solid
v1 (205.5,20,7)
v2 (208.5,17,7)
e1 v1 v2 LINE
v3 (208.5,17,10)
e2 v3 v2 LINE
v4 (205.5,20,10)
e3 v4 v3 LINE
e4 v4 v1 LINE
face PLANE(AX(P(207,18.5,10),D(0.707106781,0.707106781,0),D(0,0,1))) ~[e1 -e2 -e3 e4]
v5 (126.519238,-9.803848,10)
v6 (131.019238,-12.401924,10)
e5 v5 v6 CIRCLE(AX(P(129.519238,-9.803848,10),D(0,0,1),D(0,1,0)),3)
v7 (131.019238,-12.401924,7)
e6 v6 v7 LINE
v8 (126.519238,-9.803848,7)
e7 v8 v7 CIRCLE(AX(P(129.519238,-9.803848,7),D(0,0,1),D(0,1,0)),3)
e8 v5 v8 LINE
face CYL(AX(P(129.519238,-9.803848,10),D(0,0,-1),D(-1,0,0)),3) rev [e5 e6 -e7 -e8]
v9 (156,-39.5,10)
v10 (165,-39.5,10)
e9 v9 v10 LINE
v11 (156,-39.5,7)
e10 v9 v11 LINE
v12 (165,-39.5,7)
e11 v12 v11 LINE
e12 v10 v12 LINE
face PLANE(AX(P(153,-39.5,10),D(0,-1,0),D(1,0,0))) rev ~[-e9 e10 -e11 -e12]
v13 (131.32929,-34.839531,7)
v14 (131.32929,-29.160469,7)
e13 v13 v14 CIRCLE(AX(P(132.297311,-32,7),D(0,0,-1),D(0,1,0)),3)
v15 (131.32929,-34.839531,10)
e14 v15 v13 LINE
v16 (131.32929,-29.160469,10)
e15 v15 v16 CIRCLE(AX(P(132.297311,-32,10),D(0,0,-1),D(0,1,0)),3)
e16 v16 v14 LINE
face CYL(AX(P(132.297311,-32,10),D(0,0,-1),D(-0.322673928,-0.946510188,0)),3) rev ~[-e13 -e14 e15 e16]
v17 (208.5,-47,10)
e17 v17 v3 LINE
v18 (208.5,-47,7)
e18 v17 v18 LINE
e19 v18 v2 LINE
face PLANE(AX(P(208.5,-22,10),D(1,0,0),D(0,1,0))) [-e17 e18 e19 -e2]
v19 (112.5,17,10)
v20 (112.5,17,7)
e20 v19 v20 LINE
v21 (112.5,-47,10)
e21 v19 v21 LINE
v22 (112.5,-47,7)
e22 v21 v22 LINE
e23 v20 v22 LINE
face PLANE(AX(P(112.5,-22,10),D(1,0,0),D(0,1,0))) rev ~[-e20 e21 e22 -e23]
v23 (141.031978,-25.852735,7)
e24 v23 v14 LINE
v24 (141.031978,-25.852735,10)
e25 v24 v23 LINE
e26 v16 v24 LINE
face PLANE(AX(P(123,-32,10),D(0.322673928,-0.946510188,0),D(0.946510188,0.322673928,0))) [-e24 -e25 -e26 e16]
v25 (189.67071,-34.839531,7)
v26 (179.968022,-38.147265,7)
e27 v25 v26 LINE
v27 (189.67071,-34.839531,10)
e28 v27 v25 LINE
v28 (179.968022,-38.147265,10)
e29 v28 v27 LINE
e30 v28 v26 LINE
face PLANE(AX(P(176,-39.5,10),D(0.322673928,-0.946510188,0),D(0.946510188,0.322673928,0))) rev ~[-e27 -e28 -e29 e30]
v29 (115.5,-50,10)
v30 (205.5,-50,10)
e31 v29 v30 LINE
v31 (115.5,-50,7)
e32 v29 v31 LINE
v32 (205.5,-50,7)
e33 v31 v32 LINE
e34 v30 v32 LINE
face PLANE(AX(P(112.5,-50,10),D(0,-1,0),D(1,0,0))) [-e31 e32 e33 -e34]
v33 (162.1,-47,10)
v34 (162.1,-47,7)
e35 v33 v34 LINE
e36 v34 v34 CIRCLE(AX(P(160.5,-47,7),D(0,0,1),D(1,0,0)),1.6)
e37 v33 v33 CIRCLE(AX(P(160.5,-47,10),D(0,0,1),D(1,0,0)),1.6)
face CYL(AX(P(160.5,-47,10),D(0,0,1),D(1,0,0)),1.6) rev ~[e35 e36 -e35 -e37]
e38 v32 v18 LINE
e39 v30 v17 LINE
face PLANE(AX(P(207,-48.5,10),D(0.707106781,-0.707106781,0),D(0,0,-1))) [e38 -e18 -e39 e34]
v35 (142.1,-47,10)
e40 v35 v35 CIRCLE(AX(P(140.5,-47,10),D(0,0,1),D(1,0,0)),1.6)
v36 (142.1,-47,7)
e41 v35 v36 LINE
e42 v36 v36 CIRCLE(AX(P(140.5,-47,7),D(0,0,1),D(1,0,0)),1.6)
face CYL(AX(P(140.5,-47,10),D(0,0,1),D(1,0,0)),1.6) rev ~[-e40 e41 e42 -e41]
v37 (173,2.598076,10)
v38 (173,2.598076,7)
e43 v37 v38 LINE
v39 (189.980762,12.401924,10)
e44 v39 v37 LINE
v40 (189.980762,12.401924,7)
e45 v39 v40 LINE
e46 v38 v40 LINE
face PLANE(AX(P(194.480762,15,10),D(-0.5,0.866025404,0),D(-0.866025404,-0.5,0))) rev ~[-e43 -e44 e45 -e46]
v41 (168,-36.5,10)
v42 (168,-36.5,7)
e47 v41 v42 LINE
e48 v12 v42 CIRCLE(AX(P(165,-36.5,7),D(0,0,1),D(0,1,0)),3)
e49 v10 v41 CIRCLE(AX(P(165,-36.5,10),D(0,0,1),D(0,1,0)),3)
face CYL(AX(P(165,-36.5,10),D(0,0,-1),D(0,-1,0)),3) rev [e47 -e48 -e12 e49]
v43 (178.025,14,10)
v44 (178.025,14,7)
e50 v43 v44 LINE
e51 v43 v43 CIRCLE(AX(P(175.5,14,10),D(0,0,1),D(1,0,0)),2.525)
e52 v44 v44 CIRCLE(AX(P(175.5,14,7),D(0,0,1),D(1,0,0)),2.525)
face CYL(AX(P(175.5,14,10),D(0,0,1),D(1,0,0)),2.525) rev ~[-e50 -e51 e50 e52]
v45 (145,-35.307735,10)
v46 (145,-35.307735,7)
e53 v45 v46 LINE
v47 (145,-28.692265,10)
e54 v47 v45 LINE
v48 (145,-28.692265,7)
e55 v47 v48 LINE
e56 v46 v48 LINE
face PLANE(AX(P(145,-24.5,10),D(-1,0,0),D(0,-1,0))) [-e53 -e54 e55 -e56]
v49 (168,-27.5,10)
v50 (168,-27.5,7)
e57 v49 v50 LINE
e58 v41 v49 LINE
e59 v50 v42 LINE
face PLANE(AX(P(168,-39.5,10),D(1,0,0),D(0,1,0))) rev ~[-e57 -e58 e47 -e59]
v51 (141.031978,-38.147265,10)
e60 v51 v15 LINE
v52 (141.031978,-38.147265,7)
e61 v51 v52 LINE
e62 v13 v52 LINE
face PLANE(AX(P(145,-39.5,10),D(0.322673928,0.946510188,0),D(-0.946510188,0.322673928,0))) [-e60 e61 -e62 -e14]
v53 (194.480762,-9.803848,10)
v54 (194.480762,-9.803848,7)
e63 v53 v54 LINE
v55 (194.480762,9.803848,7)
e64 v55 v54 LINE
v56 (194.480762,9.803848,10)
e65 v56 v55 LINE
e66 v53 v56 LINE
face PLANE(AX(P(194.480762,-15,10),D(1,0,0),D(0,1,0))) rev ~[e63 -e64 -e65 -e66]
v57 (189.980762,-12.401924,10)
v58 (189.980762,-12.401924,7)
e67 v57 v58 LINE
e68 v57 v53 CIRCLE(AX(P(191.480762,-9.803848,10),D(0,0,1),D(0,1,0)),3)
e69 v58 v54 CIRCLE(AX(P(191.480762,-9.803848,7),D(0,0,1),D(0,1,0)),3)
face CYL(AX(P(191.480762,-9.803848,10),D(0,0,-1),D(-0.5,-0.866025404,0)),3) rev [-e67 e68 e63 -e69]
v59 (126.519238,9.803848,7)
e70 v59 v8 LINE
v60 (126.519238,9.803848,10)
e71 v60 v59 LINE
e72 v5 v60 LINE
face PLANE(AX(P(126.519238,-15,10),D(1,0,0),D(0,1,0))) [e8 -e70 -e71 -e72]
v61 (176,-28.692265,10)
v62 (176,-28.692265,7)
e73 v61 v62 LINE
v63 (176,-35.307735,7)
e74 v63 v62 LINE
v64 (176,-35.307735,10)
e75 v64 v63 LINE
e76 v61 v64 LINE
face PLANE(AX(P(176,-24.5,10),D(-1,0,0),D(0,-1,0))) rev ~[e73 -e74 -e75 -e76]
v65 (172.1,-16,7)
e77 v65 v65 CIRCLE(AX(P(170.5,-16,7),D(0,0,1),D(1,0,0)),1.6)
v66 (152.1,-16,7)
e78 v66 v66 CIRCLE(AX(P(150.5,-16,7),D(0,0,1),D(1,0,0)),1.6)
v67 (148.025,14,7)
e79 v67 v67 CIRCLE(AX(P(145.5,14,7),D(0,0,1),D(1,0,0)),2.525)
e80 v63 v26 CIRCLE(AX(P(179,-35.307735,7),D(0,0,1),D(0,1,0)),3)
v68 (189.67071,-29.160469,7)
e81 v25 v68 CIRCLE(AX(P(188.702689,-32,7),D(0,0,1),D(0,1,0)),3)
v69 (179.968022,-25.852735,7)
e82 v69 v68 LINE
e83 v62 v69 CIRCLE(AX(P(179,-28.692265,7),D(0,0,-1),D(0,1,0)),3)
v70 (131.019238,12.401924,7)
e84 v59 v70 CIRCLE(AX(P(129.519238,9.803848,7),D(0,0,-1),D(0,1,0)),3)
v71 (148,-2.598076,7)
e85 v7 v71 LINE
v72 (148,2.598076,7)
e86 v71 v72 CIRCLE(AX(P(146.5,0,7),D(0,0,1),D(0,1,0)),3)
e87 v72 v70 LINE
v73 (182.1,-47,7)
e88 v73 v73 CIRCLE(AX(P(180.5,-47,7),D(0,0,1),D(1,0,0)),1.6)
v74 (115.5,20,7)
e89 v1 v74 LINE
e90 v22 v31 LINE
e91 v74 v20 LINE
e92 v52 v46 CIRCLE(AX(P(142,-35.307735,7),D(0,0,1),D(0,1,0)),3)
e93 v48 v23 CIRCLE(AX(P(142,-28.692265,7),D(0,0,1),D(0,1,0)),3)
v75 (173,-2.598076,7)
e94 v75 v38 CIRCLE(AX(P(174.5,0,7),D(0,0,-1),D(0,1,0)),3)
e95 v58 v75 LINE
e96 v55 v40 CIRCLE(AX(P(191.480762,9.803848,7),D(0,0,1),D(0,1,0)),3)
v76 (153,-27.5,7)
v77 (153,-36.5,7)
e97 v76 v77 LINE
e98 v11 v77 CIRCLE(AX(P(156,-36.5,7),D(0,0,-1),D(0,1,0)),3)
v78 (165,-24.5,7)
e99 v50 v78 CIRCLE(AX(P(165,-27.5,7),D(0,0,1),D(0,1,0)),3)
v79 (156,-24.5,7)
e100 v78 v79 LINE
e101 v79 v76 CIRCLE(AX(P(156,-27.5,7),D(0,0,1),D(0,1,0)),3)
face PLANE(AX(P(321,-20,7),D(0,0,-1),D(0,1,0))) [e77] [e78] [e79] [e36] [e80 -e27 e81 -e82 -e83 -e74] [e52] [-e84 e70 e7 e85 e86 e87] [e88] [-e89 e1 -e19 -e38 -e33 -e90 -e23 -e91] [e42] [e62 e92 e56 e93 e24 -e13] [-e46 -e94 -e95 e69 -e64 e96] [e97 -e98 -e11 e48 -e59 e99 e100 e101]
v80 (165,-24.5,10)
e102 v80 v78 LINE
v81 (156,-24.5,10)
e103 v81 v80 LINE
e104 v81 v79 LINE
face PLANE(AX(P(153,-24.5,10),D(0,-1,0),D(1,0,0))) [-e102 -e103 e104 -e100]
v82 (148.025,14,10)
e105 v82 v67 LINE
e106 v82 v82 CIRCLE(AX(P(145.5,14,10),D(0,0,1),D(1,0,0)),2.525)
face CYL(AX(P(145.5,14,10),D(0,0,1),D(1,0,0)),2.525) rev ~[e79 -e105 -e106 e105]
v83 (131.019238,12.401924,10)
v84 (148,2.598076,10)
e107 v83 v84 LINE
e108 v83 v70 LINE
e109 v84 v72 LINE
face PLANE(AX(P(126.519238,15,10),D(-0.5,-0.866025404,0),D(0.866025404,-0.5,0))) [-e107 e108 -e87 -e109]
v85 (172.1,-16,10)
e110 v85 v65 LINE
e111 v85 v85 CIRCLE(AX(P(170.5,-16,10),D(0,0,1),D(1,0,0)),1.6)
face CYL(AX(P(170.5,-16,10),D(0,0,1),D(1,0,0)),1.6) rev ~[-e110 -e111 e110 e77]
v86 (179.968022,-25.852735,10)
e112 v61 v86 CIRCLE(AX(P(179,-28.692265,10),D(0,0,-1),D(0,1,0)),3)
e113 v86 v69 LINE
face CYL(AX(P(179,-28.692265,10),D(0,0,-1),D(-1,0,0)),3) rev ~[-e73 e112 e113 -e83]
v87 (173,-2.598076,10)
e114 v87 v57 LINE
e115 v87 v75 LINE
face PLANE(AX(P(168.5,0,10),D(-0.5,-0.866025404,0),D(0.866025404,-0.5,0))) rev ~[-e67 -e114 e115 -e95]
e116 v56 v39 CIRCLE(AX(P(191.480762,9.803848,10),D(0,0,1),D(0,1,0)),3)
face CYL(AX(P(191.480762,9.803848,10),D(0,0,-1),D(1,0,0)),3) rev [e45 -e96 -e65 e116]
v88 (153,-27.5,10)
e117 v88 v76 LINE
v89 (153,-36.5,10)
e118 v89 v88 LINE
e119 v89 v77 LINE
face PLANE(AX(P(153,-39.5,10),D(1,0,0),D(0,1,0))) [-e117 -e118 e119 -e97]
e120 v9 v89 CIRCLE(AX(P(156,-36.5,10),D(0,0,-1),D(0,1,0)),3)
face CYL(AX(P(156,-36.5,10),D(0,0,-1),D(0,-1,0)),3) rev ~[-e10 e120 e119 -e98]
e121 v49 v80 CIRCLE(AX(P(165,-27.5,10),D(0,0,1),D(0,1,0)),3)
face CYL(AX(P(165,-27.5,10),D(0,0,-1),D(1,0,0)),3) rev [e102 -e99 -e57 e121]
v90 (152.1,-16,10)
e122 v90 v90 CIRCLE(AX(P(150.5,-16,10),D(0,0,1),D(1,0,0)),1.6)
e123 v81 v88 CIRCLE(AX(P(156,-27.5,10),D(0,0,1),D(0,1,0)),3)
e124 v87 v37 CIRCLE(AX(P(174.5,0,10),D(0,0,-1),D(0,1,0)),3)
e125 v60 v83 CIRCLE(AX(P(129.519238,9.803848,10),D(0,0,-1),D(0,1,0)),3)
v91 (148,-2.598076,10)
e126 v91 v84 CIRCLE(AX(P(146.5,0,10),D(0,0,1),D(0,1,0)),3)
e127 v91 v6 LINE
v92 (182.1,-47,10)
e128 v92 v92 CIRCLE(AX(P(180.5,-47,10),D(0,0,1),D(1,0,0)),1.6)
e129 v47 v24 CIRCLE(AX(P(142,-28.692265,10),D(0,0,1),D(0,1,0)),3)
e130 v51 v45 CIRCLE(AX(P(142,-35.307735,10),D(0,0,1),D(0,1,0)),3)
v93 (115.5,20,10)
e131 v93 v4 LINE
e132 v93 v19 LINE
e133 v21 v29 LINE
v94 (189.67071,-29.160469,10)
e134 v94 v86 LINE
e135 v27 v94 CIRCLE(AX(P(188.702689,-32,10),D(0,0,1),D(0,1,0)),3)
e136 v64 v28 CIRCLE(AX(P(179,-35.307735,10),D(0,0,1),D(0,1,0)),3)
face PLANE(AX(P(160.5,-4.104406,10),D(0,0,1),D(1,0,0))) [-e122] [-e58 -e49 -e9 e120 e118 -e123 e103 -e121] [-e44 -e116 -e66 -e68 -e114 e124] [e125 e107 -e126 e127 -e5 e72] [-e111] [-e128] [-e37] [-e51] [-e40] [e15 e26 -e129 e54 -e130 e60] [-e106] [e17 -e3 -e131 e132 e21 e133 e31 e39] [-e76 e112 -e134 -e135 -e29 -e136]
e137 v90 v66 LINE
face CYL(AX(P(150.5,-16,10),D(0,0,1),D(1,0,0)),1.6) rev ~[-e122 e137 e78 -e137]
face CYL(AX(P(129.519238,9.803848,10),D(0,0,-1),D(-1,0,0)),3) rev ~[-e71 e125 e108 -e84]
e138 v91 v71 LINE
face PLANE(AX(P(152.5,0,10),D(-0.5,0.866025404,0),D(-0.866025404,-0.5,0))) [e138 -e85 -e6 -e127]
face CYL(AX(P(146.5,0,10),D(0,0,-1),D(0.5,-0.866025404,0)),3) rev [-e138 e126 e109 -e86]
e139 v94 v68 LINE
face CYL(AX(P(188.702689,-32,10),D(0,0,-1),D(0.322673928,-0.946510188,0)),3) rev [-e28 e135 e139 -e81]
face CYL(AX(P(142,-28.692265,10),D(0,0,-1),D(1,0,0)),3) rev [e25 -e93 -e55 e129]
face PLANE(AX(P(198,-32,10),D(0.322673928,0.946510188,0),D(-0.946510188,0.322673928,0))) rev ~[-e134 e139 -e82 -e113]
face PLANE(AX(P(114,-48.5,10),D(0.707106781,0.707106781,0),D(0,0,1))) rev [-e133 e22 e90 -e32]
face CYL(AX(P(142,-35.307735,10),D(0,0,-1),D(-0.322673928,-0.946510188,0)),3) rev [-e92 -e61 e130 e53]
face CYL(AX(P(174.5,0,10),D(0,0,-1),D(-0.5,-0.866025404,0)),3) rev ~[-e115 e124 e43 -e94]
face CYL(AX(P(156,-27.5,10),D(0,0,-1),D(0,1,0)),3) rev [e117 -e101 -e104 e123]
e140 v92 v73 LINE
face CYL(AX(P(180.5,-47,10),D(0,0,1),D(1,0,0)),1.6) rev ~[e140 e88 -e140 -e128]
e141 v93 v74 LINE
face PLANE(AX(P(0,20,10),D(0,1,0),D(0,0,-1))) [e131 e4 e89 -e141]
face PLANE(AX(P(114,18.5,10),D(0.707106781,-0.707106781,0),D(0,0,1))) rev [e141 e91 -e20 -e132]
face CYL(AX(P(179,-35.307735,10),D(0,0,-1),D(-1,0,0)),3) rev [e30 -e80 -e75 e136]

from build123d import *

# Parameters (mm, degrees)
SKETCH_1_W           = 20
SKETCH_1_H           = 40
SKETCH_1_W_2         = 14
SKETCH_1_H_2         = 34
EXTRUDE_1_DEPTH      = 321
SKETCH_15_R          = 2.525
CUT_EXTRUDE_12_DEPTH = 21
SKETCH_18_W          = 17
SKETCH_18_H          = 40
CUT_EXTRUDE_14_DEPTH = 322
SKETCH_19_W          = 96
SKETCH_19_H          = 30
EXTRUDE_2_DEPTH      = 3
SKETCH_17_R          = 1.6
CUT_EXTRUDE_13_DEPTH = 4
FILLET_1_R           = 2
CHAMFER_1_SIZE       = 3
SKETCH_20_W          = 11
SKETCH_20_H          = 22.5
SKETCH_20_W_2        = 15
SKETCH_20_H_2        = 15
CUT_EXTRUDE_15_DEPTH = 4
FILLET_2_R           = 3
CUT_EXTRUDE_16_DEPTH = 4
FILLET_3_R           = 2
SKETCH_22_R          = 1.6
CUT_EXTRUDE_17_DEPTH = 4
CUT_EXTRUDE_19_DEPTH = 10
CHAMFER_2_SIZE       = 3
EXTRUDE_3_DEPTH      = 3
CUT_EXTRUDE_20_DEPTH = 4
FILLET_4_R           = 3


with BuildPart() as part:
    # 草图1 → 凸台-拉伸1 (new body)
    with BuildSketch(Plane(origin=(0, 0, 0), x_dir=(0, 0, -1), z_dir=(1, 0, 0))):
        Rectangle(SKETCH_1_W, SKETCH_1_H)
        Rectangle(SKETCH_1_W_2, SKETCH_1_H_2, mode=Mode.SUBTRACT)
    extrude(amount=EXTRUDE_1_DEPTH)

    # 草图15 → 切除-拉伸12 (cut, through all)
    with BuildSketch(Plane.XY.offset(10)):
        with Locations((145.5, 14)):
            Circle(SKETCH_15_R)
        with Locations((175.5, 14)):
            Circle(SKETCH_15_R)
    extrude(amount=-CUT_EXTRUDE_12_DEPTH, mode=Mode.SUBTRACT)

    # 草图18 → 切除-拉伸14 (cut, through all)
    with BuildSketch(Plane(origin=(321, 0, 0), x_dir=(0, 0, -1), z_dir=(1, 0, 0))):
        with Locations((1.5, 0)):
            Rectangle(SKETCH_18_W, SKETCH_18_H)
    extrude(amount=-CUT_EXTRUDE_14_DEPTH, mode=Mode.SUBTRACT)

    # 草图19 → 凸台-拉伸2 (add)
    with BuildSketch(Plane.XY.offset(10)):
        with Locations((160.5, -35)):
            Rectangle(SKETCH_19_W, SKETCH_19_H)
    extrude(amount=-EXTRUDE_2_DEPTH)

    # 草图17 → 切除-拉伸13 (cut, through all)
    with BuildSketch(Plane.XY.offset(10)):
        with Locations((12, 16.5)):
            Circle(SKETCH_17_R)
        with Locations((29, 16.5)):
            Circle(SKETCH_17_R)
        with Locations((12, -14)):
            Circle(SKETCH_17_R)
        with Locations((29, -14)):
            Circle(SKETCH_17_R)
        with Locations((43.5, -14)):
            Circle(SKETCH_17_R)
        with Locations((67.5, -14)):
            Circle(SKETCH_17_R)
        with Locations((222, -14)):
            Circle(SKETCH_17_R)
        with Locations((239, -14)):
            Circle(SKETCH_17_R)
        with Locations((253.5, -14)):
            Circle(SKETCH_17_R)
        with Locations((277.5, -14)):
            Circle(SKETCH_17_R)
        with Locations((292, -14)):
            Circle(SKETCH_17_R)
        with Locations((309, -14)):
            Circle(SKETCH_17_R)
        with Locations((82, -14)):
            Circle(SKETCH_17_R)
        with Locations((99, -14)):
            Circle(SKETCH_17_R)
        with Locations((292, 16.5)):
            Circle(SKETCH_17_R)
        with Locations((309, 16.5)):
            Circle(SKETCH_17_R)
        with Locations((140.5, -47)):
            Circle(SKETCH_17_R)
        with Locations((160.5, -47)):
            Circle(SKETCH_17_R)
        with Locations((180.5, -47)):
            Circle(SKETCH_17_R)
    extrude(amount=-CUT_EXTRUDE_13_DEPTH, mode=Mode.SUBTRACT)

    # 圆角1
    fillet_1_edges = [part.edges().sort_by_distance(p)[0] for p in [
        (208.5, -20, 8.5),
        (112.5, -20, 8.5),
    ]]
    fillet(fillet_1_edges, radius=FILLET_1_R)

    # 倒角1
    chamfer_1_edges = [part.edges().sort_by_distance(p)[0] for p in [
        (0, 20, 8.5),
        (321, 20, 8.5),
        (0, -20, 8.5),
        (208.5, -50, 8.5),
        (112.5, -50, 8.5),
        (321, -20, 8.5),
    ]]
    chamfer(chamfer_1_edges, length=CHAMFER_1_SIZE)

    # 草图20 → 切除-拉伸15 (cut, through all)
    with BuildSketch(Plane.XY.offset(10)):
        with Locations((300.5, 1.25)):
            Rectangle(SKETCH_20_W, SKETCH_20_H)
        with Locations((20.5, 1.25)):
            Rectangle(SKETCH_20_W, SKETCH_20_H)
        with Locations((160.5, -32)):
            Rectangle(SKETCH_20_W_2, SKETCH_20_H_2)
        Polygon((123, -32), (145, -24.5), (145, -39.5), align=None)
        Polygon((176, -24.5), (176, -39.5), (198, -32), align=None)
    extrude(amount=-CUT_EXTRUDE_15_DEPTH, mode=Mode.SUBTRACT)

    # 圆角2
    fillet_2_edges = [part.edges().sort_by_distance(p)[0] for p in [
        (26, 12.5, 8.5),
        (26, -10, 8.5),
        (15, -10, 8.5),
        (15, 12.5, 8.5),
        (176, -24.5, 8.5),
        (198, -32, 8.5),
        (176, -39.5, 8.5),
        (145, -39.5, 8.5),
        (123, -32, 8.5),
        (145, -24.5, 8.5),
        (168, -24.5, 8.5),
        (168, -39.5, 8.5),
        (153, -39.5, 8.5),
        (153, -24.5, 8.5),
        (306, 12.5, 8.5),
        (306, -10, 8.5),
        (295, -10, 8.5),
        (295, 12.5, 8.5),
    ]]
    fillet(fillet_2_edges, radius=FILLET_2_R)

    # 草图21 → 切除-拉伸16 (cut, through all)
    with BuildSketch(Plane.XY.offset(10)):
        Polygon((33, 6.144919815), (33, -10), (55.199264746, -10), align=None)
        Polygon((181.103828979, -10), (139.896171021, -10), (160.5, 8.609910045), align=None)
        Polygon((67.248892355, -8.871386982), (41.300735254, 10), (88.479202711, 10), align=None)
        Polygon((288, -10), (265.800735254, -10), (288, 6.144919815), align=None)
        Polygon((253.751107645, -8.871386982), (232.520797289, 10), (279.699264746, 10), align=None)
    extrude(amount=-CUT_EXTRUDE_16_DEPTH, mode=Mode.SUBTRACT)

    # 圆角3
    fillet_3_edges = [part.edges().sort_by_distance(p)[0] for p in [
        (279.699264746, 10, 8.5),
        (253.751107645, -8.871386982, 8.5),
        (232.520797289, 10, 8.5),
        (265.800735254, -10, 8.5),
        (288, 6.144919815, 8.5),
        (288, -10, 8.5),
        (160.5, 8.609910045, 8.5),
        (181.103828979, -10, 8.5),
        (139.896171021, -10, 8.5),
        (88.479202711, 10, 8.5),
        (67.248892355, -8.871386982, 8.5),
        (41.300735254, 10, 8.5),
        (33, 6.144919815, 8.5),
        (55.199264746, -10, 8.5),
        (33, -10, 8.5),
    ]]
    fillet(fillet_3_edges, radius=FILLET_3_R)

    # 草图22 → 切除-拉伸17 (cut, through all)
    with BuildSketch(Plane.XY.offset(10)):
        with Locations((150.5, -16)):
            Circle(SKETCH_22_R)
        with Locations((170.5, -16)):
            Circle(SKETCH_22_R)
    extrude(amount=-CUT_EXTRUDE_17_DEPTH, mode=Mode.SUBTRACT)

    # 草图26 → 切除-拉伸19 (cut)
    with BuildSketch(Plane.XY.offset(10)):
        with BuildLine():
            ThreePointArc((110.5, -20), (111.914213562, -20.585786438), (112.5, -22))
            Line((112.5, -22), (112.5, 20))
            Line((112.5, 20), (3, 20))
            Line((3, 20), (0, 17))
            Line((0, 17), (0, -17))
            Line((0, -17), (3, -20))
            Line((3, -20), (110.5, -20))
        make_face()
        with BuildLine():
            ThreePointArc((210.5, -20), (209.085786438, -20.585786438), (208.5, -22))
            Line((208.5, -22), (208.5, 20))
            Line((208.5, 20), (318, 20))
            Line((318, 20), (321, 17))
            Line((321, 17), (321, -17))
            Line((321, -17), (318, -20))
            Line((318, -20), (210.5, -20))
        make_face()
    extrude(amount=-CUT_EXTRUDE_19_DEPTH, mode=Mode.SUBTRACT)

    # 倒角2
    chamfer_2_edges = [part.edges().sort_by_distance(p)[0] for p in [
        (112.5, 20, 8.5),
        (208.5, 20, 8.5),
    ]]
    chamfer(chamfer_2_edges, length=CHAMFER_2_SIZE)

    # 草图27 → 凸台-拉伸3 (add)
    with BuildSketch(Plane.XY.offset(10)):
        with BuildLine():
            Line((145.094256532, -10), (175.905743468, -10))
            ThreePointArc((175.905743468, -10), (177.772346073, -8.718188495), (177.246315984, -6.515794714))
            Line((177.246315984, -6.515794714), (161.840572516, 7.399070354))
            ThreePointArc((161.840572516, 7.399070354), (160.5, 7.914865068), (159.159427484, 7.399070354))
            Line((159.159427484, 7.399070354), (143.753684016, -6.515794714))
            ThreePointArc((143.753684016, -6.515794714), (143.227653927, -8.718188495), (145.094256532, -10))
        make_face()
    extrude(amount=-EXTRUDE_3_DEPTH)

    # 草图28 → 切除-拉伸20 (cut, through all)
    with BuildSketch(Plane.XY.offset(10)):
        Polygon((126.519237886, 15), (152.5, 0), (126.519237886, -15), align=None)
        Polygon((168.5, 0), (194.480762114, -15), (194.480762114, 15), align=None)
    extrude(amount=-CUT_EXTRUDE_20_DEPTH, mode=Mode.SUBTRACT)

    # 圆角4
    fillet_4_edges = [part.edges().sort_by_distance(p)[0] for p in [
        (126.519237886, -15, 8.5),
        (126.519237886, 15, 8.5),
        (152.5, 0, 8.5),
        (168.5, 0, 8.5),
        (194.480762114, 15, 8.5),
        (194.480762114, -15, 8.5),
    ]]
    fillet(fillet_4_edges, radius=FILLET_4_R)


solid = part.part
